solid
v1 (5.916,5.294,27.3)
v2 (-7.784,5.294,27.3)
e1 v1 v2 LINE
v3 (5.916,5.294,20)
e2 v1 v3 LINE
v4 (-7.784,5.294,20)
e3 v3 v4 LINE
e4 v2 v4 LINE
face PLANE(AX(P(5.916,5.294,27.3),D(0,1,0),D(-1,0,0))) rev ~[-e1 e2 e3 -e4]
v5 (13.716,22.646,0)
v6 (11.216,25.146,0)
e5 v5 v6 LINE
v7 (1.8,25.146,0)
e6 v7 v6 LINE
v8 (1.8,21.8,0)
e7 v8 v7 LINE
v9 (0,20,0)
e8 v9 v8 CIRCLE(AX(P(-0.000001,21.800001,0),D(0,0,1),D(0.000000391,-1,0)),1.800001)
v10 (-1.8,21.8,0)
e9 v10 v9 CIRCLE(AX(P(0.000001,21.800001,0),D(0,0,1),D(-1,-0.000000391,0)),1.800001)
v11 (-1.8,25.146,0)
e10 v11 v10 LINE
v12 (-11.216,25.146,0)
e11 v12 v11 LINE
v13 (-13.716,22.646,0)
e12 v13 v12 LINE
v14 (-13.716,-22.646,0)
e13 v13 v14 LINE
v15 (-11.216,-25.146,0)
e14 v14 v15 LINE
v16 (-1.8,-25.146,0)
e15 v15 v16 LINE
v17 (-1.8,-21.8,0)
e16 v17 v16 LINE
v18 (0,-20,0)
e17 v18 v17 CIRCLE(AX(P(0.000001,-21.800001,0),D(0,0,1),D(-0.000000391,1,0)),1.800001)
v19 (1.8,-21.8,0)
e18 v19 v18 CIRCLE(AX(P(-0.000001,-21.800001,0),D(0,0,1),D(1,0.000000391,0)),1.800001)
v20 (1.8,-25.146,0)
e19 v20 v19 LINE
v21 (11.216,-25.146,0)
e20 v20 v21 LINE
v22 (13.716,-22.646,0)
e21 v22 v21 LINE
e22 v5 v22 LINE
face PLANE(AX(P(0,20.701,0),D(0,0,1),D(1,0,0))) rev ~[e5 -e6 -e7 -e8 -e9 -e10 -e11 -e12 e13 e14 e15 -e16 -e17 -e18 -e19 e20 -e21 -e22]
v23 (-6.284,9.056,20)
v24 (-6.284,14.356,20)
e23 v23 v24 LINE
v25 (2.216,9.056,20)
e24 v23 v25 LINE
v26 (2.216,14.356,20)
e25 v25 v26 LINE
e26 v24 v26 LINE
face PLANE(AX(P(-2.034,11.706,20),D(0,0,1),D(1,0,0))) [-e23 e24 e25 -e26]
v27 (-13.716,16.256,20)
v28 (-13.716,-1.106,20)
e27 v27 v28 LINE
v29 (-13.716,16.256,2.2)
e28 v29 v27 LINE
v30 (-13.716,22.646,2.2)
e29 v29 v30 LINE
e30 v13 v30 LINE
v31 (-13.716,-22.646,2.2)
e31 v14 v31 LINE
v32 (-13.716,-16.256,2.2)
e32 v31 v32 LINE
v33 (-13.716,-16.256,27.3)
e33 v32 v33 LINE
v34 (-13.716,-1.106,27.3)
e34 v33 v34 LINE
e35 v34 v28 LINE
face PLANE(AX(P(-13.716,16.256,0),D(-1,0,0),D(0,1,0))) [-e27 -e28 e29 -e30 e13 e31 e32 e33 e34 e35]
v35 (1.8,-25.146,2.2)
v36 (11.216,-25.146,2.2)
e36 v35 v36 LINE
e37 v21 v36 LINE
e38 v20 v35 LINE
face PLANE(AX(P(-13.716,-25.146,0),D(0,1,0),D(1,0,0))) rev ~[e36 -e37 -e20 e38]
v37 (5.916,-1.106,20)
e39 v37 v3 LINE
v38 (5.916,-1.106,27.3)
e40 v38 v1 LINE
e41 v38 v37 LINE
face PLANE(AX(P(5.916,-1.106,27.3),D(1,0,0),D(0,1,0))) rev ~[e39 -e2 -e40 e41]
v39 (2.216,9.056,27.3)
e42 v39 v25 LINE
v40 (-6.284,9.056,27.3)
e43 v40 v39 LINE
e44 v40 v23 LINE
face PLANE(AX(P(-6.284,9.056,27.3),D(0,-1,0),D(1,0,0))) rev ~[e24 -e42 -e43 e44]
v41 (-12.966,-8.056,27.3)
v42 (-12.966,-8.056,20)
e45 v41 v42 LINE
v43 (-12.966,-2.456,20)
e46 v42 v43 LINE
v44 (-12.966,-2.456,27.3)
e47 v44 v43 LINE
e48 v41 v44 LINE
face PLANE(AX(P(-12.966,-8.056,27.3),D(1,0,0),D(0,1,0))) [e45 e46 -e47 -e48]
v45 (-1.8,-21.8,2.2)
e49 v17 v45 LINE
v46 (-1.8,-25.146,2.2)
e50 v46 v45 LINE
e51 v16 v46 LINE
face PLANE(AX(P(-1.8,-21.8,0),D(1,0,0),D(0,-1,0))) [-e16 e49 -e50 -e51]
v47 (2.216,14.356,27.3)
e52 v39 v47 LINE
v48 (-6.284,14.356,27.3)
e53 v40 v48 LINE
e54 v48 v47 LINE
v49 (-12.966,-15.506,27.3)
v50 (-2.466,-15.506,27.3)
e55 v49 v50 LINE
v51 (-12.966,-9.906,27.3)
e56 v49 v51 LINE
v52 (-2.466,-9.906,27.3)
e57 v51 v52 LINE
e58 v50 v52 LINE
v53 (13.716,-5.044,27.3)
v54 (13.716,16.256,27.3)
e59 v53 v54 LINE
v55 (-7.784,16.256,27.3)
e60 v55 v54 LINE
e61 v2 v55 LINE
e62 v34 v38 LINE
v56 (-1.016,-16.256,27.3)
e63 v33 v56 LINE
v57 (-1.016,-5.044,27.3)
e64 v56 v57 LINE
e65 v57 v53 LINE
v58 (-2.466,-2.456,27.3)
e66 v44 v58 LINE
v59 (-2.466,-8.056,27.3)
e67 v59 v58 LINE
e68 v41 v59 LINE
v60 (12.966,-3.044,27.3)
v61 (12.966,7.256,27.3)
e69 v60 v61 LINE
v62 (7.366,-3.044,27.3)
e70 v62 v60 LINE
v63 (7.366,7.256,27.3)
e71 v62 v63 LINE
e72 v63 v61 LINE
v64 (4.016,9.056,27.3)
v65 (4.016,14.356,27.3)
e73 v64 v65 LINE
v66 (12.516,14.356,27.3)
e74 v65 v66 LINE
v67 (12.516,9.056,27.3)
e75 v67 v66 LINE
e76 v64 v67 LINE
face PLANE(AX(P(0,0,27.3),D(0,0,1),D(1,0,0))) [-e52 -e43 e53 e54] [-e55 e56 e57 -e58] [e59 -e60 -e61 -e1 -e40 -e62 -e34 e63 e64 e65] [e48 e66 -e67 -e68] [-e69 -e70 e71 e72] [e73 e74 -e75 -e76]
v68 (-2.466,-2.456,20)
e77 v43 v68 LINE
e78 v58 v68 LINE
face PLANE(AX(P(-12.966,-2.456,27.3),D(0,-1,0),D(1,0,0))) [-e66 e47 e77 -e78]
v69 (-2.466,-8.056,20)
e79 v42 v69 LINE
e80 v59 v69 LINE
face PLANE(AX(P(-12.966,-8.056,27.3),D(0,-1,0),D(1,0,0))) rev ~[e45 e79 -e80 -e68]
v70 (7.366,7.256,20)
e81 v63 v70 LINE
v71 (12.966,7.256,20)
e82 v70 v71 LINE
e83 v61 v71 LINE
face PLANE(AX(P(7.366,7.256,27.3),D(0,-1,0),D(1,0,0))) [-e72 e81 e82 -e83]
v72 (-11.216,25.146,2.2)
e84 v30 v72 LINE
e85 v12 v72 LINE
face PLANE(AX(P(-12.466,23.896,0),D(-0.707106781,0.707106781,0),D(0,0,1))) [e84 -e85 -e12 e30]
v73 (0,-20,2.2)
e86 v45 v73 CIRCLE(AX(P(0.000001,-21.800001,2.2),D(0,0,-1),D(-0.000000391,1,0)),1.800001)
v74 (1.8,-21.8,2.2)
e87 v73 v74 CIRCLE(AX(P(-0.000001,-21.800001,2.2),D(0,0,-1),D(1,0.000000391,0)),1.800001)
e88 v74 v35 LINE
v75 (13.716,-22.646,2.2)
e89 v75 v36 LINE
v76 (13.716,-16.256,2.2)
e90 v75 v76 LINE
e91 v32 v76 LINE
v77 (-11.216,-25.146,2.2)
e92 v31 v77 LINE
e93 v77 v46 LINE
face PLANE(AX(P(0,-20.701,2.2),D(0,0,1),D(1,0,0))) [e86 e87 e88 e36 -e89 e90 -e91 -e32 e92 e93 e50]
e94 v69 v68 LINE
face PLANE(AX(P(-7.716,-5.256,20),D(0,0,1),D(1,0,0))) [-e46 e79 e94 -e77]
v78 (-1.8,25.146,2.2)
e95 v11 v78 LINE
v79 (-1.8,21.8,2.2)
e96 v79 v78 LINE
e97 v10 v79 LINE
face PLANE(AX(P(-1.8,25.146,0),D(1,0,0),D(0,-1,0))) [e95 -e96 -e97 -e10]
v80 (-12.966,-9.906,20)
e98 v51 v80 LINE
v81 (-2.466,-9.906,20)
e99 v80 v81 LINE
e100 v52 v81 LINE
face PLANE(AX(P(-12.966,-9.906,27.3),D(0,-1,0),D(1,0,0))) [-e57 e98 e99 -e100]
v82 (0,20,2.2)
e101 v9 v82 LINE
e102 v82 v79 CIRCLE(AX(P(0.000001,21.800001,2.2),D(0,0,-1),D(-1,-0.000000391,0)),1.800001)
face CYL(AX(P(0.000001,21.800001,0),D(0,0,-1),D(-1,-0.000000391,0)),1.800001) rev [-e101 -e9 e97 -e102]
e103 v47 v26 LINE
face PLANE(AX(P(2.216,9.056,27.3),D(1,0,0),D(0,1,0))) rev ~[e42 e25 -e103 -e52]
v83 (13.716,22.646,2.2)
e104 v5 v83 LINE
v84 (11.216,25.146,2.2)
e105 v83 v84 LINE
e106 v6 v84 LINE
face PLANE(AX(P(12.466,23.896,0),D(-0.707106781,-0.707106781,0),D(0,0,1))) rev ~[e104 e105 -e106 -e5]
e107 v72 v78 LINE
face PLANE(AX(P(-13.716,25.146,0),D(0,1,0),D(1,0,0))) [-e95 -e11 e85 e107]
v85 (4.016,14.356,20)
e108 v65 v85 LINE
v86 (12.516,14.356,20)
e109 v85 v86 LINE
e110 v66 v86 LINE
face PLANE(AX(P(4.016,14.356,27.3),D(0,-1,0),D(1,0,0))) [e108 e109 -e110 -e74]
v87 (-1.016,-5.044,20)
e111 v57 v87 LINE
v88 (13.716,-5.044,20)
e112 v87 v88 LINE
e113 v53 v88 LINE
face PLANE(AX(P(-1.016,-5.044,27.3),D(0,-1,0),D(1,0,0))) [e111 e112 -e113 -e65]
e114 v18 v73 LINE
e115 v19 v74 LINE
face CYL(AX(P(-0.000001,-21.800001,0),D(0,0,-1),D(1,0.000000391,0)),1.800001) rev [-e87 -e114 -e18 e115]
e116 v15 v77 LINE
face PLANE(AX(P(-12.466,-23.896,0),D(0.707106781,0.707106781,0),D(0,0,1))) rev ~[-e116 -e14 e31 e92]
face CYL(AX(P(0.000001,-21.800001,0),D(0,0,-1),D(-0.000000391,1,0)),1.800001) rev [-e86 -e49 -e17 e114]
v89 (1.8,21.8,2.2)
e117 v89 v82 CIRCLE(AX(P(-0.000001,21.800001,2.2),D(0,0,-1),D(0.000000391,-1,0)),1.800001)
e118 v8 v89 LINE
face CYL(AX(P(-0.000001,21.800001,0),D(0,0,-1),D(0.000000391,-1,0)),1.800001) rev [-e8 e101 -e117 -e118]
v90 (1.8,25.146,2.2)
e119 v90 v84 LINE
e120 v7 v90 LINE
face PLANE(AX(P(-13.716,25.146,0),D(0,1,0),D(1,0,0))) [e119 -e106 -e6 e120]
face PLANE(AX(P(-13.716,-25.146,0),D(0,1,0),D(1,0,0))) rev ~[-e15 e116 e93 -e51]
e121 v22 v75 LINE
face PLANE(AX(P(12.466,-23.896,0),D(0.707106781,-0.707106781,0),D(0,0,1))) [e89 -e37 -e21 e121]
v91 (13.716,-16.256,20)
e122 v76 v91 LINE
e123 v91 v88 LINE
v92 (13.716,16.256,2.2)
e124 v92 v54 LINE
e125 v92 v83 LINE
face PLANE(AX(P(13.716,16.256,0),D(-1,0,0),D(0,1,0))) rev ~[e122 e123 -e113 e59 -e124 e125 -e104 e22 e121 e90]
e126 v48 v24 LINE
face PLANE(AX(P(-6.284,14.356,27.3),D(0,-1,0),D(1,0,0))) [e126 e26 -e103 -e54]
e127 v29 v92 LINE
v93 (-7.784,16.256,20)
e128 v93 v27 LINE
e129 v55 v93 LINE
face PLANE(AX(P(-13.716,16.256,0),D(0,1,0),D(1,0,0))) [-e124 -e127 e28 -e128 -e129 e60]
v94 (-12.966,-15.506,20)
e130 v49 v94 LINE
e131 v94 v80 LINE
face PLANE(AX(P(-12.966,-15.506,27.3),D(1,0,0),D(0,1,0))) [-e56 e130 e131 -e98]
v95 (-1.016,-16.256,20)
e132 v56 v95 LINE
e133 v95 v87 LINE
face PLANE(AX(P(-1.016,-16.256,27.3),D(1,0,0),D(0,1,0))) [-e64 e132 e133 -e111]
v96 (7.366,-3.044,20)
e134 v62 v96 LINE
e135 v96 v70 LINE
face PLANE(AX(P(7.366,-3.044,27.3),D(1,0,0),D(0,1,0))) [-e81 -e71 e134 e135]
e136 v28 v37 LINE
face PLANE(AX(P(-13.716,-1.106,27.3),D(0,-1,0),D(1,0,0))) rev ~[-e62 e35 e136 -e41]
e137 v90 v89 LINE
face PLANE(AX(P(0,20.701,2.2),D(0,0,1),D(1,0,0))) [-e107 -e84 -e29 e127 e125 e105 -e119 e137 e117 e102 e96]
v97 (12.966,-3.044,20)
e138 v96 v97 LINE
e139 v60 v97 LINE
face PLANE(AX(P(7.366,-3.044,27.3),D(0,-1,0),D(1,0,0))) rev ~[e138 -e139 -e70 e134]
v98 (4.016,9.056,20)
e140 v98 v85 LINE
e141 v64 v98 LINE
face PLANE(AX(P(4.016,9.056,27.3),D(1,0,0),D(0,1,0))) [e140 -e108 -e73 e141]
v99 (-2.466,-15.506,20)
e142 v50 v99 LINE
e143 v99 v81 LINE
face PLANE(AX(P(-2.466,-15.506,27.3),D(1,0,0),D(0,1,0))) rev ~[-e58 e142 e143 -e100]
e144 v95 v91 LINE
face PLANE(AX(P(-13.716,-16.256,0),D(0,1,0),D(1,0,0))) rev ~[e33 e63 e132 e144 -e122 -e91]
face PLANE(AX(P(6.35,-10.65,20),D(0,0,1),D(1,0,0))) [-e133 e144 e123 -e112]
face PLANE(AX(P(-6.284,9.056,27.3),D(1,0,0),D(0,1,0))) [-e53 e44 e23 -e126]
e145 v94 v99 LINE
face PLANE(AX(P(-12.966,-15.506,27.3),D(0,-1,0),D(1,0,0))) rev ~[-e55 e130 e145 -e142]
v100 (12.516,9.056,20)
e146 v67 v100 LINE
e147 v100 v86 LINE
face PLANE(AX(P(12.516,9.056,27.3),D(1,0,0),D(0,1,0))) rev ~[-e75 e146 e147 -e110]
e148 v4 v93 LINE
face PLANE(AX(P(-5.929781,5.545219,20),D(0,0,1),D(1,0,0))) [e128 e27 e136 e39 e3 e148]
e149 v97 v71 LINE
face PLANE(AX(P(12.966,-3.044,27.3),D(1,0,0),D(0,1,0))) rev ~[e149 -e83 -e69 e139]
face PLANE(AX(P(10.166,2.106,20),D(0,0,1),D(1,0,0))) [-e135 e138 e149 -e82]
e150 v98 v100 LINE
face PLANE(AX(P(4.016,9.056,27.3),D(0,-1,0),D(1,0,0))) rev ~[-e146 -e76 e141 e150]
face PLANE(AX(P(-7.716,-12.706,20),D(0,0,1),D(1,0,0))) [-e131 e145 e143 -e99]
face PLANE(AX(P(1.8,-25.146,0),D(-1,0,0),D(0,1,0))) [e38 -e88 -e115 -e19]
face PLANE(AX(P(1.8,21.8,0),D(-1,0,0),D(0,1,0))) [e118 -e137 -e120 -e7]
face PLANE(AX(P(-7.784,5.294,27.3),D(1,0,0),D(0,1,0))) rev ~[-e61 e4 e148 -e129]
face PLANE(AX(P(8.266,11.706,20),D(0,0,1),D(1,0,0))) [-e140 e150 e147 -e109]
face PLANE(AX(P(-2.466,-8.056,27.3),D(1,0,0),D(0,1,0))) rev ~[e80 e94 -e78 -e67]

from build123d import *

# Parameters (mm, degrees)
F0_W     = 27.432
F0_H     = 32.512
F1_DEPTH = 27.3
F0_H_2   = 8.89
F2_DEPTH = 2.2
F3_SIZE  = 2.5
F4_W     = 14.732
F4_H     = 11.212
F5_DEPTH = 7.3
F6_W     = 8.5
F6_H     = 5.3
F6_W_2   = 5.6
F6_H_2   = 10.3
F6_W_3   = 10.5
F6_H_3   = 5.6
F7_DEPTH = 7.3
F9_DEPTH = 27.301


with BuildPart() as f1:
    # F0 (on Top) → F1 (new body)
    with BuildSketch(Plane.XY):
        Rectangle(F0_W, F0_H)
    extrude(amount=F1_DEPTH)

    # F0 (on Top) → F2 (join)
    with BuildSketch(Plane.XY):
        with Locations((0, 20.701)):
            Rectangle(F0_W, F0_H_2)
        with Locations((0, -20.701)):
            Rectangle(F0_W, F0_H_2)
    extrude(amount=F2_DEPTH)

    # F3
    f3_edges = [f1.edges().sort_by_distance(p)[0] for p in [
        (-13.716, -25.146, 1.1),
        (13.716, -25.146, 1.1),
        (13.716, 25.146, 1.1),
        (-13.716, 25.146, 1.1),
    ]]
    chamfer(f3_edges, length=F3_SIZE)

    # F4 (on face) → F5 (cut)
    with BuildSketch(Plane.XY.offset(27.3)):
        with Locations((6.35, -10.65)):
            Rectangle(F4_W, F4_H)
        Polygon((-13.716, 16.256), (-13.716, -1.106), (5.916, -1.106), (5.916, 5.294), (-7.784, 5.294), (-7.784, 16.256), align=None)
    extrude(amount=-F5_DEPTH, mode=Mode.SUBTRACT)

    # F6 (on face) → F7 (cut)
    with BuildSketch(Plane.XY.offset(27.3)):
        with Locations((-2.034, 11.706)):
            Rectangle(F6_W, F6_H)
        with Locations((8.266, 11.706)):
            Rectangle(F6_W, F6_H)
        with Locations((10.166, 2.106)):
            Rectangle(F6_W_2, F6_H_2)
        with Locations((-7.716, -12.706)):
            Rectangle(F6_W_3, F6_H_3)
        with Locations((-7.716, -5.256)):
            Rectangle(F6_W_3, F6_H_3)
    extrude(amount=-F7_DEPTH, mode=Mode.SUBTRACT)

    # F8 (on face) → F9 (cut, through all)
    with BuildSketch(Plane.XY):
        with BuildLine():
            Line((-1.8, -25.146), (0, -25.146))
            Line((0, -25.146), (1.8, -25.146))
            Line((1.8, -25.146), (1.8, -21.8))
            ThreePointArc((1.8, -21.8), (1.272792, -20.527208), (0, -20))
            ThreePointArc((0, -20), (-1.272792, -20.527208), (-1.8, -21.8))
            Line((-1.8, -21.8), (-1.8, -25.146))
        make_face()
        with BuildLine():
            Line((1.8, 25.146), (0, 25.146))
            Line((0, 25.146), (-1.8, 25.146))
            Line((-1.8, 25.146), (-1.8, 21.8))
            ThreePointArc((-1.8, 21.8), (-1.272792, 20.527208), (0, 20))
            ThreePointArc((0, 20), (1.272792, 20.527208), (1.8, 21.8))
            Line((1.8, 21.8), (1.8, 25.146))
        make_face()
    extrude(amount=F9_DEPTH, mode=Mode.SUBTRACT)


solid = f1.part
